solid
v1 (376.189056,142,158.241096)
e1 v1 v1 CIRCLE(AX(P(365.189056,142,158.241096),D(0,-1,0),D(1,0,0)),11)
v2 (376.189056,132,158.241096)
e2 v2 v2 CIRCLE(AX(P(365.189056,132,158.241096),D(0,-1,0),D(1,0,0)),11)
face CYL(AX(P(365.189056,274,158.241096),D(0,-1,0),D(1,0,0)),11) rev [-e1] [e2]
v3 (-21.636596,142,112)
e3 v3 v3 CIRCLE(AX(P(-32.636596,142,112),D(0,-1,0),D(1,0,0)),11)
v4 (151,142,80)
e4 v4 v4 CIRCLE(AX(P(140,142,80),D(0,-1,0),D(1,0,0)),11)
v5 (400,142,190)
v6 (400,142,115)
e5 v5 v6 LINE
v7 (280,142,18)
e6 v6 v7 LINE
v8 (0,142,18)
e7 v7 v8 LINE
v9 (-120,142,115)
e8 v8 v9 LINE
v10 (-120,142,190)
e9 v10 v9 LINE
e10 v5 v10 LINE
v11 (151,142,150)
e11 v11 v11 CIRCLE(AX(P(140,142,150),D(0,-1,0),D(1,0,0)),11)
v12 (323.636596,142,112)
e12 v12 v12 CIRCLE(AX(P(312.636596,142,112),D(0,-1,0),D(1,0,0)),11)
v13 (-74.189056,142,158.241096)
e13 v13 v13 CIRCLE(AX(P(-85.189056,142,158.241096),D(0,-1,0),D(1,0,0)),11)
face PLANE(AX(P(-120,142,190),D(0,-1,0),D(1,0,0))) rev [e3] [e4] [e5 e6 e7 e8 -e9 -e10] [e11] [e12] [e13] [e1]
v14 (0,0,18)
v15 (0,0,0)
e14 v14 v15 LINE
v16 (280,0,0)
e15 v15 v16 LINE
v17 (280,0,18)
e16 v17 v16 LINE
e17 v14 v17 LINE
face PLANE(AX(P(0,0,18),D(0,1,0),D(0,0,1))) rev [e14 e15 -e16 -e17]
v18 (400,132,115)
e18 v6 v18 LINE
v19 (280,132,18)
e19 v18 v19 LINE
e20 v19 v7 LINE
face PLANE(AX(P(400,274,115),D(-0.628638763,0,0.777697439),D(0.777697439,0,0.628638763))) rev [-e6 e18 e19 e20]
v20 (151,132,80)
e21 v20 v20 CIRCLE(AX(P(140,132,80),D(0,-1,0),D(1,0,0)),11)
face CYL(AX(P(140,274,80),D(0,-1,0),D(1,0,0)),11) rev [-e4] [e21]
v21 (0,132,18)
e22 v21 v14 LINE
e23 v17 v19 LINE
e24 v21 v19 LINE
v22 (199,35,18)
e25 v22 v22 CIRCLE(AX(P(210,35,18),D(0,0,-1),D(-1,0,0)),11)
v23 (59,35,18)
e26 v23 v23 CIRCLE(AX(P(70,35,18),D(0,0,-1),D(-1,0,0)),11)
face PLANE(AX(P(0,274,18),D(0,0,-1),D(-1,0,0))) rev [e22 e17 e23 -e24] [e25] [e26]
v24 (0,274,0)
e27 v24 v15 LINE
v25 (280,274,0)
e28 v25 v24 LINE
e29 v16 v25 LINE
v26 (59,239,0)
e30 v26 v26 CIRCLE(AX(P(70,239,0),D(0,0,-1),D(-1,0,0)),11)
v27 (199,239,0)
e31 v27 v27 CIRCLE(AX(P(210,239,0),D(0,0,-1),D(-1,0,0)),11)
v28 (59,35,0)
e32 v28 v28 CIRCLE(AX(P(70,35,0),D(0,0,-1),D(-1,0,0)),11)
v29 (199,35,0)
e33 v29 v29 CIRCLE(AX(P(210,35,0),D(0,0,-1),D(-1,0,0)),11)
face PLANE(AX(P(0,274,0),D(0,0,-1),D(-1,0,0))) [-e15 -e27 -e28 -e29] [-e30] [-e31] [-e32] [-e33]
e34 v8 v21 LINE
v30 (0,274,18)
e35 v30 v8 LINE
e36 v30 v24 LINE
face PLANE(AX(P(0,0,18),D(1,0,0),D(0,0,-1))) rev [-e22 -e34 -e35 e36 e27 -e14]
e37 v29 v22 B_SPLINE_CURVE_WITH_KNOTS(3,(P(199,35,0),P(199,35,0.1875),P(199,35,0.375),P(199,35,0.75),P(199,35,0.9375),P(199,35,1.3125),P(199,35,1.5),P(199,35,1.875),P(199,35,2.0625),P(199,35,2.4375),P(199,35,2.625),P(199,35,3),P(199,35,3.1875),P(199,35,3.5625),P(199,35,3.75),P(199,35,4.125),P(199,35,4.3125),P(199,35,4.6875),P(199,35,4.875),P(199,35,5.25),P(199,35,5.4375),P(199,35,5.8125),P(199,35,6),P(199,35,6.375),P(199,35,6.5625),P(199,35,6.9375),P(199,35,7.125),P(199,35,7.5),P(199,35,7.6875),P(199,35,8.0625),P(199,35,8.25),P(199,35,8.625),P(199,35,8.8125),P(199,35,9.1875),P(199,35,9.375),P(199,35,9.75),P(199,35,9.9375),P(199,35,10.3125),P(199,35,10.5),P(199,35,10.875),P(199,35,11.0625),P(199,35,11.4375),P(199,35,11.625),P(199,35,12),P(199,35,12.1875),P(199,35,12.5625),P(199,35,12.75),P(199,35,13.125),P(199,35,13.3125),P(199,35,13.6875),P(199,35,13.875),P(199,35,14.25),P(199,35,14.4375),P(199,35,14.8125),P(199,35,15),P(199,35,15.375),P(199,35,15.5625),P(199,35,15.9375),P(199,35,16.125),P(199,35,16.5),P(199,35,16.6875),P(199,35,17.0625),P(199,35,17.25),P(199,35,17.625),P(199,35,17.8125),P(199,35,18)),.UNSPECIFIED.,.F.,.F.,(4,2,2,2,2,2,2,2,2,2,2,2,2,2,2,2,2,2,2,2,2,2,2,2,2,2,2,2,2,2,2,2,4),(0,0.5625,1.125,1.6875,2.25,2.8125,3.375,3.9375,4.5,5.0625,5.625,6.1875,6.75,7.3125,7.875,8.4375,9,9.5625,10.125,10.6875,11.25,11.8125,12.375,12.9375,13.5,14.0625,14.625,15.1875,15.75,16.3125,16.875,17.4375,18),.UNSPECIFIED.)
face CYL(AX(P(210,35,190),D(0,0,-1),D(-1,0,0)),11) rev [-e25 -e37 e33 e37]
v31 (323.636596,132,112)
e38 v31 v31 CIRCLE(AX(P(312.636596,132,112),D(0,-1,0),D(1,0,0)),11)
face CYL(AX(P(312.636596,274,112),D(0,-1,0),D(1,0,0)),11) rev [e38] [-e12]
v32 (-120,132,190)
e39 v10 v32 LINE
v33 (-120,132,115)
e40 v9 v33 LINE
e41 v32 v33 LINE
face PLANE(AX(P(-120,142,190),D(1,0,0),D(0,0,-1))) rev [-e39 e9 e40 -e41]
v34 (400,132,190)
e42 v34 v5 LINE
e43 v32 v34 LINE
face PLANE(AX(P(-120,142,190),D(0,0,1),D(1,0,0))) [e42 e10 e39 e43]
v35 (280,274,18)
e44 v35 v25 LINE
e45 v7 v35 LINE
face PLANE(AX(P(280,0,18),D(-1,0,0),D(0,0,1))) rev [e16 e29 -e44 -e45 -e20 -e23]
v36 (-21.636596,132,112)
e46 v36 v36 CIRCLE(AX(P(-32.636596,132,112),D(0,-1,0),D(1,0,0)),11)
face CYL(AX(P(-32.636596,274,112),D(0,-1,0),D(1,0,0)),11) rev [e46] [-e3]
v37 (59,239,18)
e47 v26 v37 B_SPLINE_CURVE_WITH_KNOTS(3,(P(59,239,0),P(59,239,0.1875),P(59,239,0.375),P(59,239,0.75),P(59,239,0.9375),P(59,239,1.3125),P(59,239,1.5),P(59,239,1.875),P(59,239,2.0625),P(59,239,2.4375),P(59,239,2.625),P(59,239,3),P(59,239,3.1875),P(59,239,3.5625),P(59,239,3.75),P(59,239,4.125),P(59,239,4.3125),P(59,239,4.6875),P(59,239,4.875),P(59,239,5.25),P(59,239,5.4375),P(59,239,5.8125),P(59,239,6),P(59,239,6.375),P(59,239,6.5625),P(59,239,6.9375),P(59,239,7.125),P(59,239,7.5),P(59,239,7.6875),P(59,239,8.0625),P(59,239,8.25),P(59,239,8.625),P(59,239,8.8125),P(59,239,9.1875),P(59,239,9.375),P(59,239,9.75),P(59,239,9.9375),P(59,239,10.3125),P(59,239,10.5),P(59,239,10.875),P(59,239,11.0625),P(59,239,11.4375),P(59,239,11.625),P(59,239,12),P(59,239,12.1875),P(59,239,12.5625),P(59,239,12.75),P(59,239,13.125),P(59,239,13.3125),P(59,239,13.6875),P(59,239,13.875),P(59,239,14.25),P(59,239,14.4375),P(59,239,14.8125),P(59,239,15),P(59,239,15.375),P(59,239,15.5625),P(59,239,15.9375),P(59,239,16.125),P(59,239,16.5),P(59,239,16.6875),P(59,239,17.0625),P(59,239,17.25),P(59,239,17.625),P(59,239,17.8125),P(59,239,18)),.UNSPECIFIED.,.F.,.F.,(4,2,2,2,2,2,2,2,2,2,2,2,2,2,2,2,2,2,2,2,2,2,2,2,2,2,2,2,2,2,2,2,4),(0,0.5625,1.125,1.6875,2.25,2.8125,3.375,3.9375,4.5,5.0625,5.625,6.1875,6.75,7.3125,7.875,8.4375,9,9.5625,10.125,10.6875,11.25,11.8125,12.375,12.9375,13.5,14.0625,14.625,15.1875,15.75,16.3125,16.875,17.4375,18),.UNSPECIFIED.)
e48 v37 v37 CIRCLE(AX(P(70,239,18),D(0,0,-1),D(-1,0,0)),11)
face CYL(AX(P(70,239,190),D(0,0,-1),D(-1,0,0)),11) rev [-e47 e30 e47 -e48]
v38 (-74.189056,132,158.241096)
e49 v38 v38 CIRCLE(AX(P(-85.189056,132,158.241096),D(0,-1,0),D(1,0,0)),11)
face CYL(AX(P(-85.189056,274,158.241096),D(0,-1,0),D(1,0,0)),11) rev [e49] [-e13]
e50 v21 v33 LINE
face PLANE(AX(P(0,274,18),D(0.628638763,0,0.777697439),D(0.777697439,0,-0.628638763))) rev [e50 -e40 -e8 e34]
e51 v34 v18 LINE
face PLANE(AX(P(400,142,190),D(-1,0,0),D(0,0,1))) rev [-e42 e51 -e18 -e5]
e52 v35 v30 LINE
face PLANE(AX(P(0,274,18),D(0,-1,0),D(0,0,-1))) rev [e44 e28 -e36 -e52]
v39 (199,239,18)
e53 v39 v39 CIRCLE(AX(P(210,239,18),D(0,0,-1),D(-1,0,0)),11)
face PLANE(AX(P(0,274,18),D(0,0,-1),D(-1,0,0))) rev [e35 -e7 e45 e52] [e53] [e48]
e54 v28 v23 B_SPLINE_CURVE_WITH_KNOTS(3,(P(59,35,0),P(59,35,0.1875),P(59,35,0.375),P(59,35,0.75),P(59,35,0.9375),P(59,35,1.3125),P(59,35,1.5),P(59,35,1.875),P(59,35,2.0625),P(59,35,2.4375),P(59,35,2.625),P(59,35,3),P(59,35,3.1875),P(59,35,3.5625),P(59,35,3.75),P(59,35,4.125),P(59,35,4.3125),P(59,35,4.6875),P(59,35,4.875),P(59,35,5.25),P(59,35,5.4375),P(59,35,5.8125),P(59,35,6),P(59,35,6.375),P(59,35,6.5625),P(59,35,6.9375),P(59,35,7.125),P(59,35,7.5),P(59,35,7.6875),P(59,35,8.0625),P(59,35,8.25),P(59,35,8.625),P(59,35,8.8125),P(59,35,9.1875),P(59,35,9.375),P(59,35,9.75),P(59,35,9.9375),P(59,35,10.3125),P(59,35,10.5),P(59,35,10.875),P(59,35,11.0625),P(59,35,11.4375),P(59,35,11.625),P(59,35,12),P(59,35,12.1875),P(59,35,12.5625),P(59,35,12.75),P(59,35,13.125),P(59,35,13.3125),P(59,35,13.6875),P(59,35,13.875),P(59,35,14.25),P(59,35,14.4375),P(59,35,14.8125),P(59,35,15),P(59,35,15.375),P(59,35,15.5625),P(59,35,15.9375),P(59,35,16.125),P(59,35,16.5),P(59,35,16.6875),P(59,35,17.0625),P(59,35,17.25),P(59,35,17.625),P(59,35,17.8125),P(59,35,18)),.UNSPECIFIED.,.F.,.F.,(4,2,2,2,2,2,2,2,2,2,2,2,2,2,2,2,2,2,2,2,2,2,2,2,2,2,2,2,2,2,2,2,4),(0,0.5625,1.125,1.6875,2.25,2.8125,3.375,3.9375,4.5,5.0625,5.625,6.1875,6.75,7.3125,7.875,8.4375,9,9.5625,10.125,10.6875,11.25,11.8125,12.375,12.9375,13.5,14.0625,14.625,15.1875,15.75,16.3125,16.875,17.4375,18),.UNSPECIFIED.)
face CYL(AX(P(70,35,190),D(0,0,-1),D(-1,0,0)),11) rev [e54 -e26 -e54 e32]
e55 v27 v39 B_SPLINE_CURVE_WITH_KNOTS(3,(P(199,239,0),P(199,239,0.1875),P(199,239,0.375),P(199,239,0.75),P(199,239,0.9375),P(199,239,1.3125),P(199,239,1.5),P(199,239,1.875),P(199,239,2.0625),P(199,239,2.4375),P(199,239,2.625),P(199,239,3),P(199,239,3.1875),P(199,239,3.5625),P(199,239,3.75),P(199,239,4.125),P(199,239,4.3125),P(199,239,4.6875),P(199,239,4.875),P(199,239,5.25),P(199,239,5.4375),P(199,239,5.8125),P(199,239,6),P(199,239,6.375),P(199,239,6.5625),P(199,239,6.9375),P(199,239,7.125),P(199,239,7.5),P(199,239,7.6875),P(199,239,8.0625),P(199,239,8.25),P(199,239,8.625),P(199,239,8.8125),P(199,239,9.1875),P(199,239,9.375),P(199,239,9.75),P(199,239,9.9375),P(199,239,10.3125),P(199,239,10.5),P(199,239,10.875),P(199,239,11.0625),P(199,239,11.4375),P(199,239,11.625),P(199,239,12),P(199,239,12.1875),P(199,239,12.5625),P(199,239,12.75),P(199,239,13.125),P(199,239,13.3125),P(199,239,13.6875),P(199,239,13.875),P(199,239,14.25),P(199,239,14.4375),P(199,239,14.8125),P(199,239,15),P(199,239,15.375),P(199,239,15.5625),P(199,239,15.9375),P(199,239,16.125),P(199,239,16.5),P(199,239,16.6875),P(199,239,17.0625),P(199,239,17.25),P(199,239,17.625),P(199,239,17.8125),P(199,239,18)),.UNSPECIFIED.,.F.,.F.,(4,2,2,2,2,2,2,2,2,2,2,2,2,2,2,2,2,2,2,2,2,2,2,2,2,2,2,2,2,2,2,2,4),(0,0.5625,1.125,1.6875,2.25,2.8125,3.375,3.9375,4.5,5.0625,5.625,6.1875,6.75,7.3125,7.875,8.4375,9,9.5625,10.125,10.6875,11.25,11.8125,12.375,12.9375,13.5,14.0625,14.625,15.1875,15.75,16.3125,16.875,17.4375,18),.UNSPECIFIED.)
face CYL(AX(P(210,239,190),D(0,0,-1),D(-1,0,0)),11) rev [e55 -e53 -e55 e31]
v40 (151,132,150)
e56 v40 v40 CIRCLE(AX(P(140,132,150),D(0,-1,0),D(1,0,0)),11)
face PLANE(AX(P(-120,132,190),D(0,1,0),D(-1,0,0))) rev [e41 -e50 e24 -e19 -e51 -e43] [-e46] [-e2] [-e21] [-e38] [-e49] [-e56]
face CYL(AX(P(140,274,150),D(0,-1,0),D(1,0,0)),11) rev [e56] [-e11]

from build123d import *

# Parameters (mm, degrees)
SKETCH_1_W          = 280
SKETCH_1_H          = 274
EXTRUDE_1_DEPTH     = 18
SKETCH_2_W          = 520
SKETCH_2_H          = 10
EXTRUDE_2_DEPTH     = 172
CUT_EXTRUDE_1_DEPTH = 466.041933593
CUT_EXTRUDE_2_DEPTH = 466.041933593
SKETCH_5_R          = 11
CUT_EXTRUDE_3_DEPTH = 521.745619281
SKETCH_6_R          = 11
CUT_EXTRUDE_4_DEPTH = 521.745619281
SKETCH_7_R          = 11
CUT_EXTRUDE_5_DEPTH = 521.745619281
SKETCH_8_R          = 11
CUT_EXTRUDE_6_DEPTH = 521.745619281
SKETCH_9_R          = 11
CUT_EXTRUDE_8_DEPTH = 466.041933593


with BuildPart() as part:
    # 草图1 → 拉伸1 (new body)
    with BuildSketch(Plane.XY):
        with Locations((140, 137)):
            Rectangle(SKETCH_1_W, SKETCH_1_H)
    extrude(amount=EXTRUDE_1_DEPTH)

    # 草图2 → 拉伸2 (add)
    with BuildSketch(Plane.XY.offset(18)):
        with Locations((140, 137)):
            Rectangle(SKETCH_2_W, SKETCH_2_H)
    extrude(amount=EXTRUDE_2_DEPTH)

    # 草图3 → 切除-拉伸1 (cut, through all)
    with BuildSketch(Plane.XZ.offset(-132)):
        Polygon((0, 18), (-120, 115), (-120, 18), align=None)
    extrude(amount=-CUT_EXTRUDE_1_DEPTH, mode=Mode.SUBTRACT)

    # 草图4 → 切除-拉伸2 (cut, through all)
    with BuildSketch(Plane.XZ.offset(-132)):
        Polygon((400, 115), (280, 18), (400, 18), align=None)
    extrude(amount=-CUT_EXTRUDE_2_DEPTH, mode=Mode.SUBTRACT)

    # 草图5 → 切除-拉伸3 (cut, through all)
    with BuildSketch(Plane(origin=(0, 0, 0), x_dir=(-1, 0, 0), z_dir=(0, 0, -1))):
        with Locations((-210, 35)):
            Circle(SKETCH_5_R)
    extrude(amount=-CUT_EXTRUDE_3_DEPTH, mode=Mode.SUBTRACT)

    # 草图6 → 切除-拉伸4 (cut, through all)
    with BuildSketch(Plane(origin=(0, 0, 0), x_dir=(-1, 0, 0), z_dir=(0, 0, -1))):
        with Locations((-210, 239)):
            Circle(SKETCH_6_R)
    extrude(amount=-CUT_EXTRUDE_4_DEPTH, mode=Mode.SUBTRACT)

    # 草图7 → 切除-拉伸5 (cut, through all)
    with BuildSketch(Plane(origin=(0, 0, 0), x_dir=(-1, 0, 0), z_dir=(0, 0, -1))):
        with Locations((-70, 35)):
            Circle(SKETCH_7_R)
    extrude(amount=-CUT_EXTRUDE_5_DEPTH, mode=Mode.SUBTRACT)

    # 草图8 → 切除-拉伸6 (cut, through all)
    with BuildSketch(Plane(origin=(0, 0, 0), x_dir=(-1, 0, 0), z_dir=(0, 0, -1))):
        with Locations((-70, 239)):
            Circle(SKETCH_8_R)
    extrude(amount=-CUT_EXTRUDE_6_DEPTH, mode=Mode.SUBTRACT)

    # 草图9 → 切除-拉伸8 (cut, through all)
    with BuildSketch(Plane.XZ.offset(-132)):
        with Locations((140, 80)):
            Circle(SKETCH_9_R)
        with Locations((140, 150)):
            Circle(SKETCH_9_R)
        with Locations((-85.189055636, 158.241096139)):
            Circle(SKETCH_9_R)
        with Locations((-32.636595866, 112)):
            Circle(SKETCH_9_R)
        with Locations((365.189055636, 158.241096139)):
            Circle(SKETCH_9_R)
        with Locations((312.636595866, 112)):
            Circle(SKETCH_9_R)
    extrude(amount=-CUT_EXTRUDE_8_DEPTH, mode=Mode.SUBTRACT)


solid = part.part
